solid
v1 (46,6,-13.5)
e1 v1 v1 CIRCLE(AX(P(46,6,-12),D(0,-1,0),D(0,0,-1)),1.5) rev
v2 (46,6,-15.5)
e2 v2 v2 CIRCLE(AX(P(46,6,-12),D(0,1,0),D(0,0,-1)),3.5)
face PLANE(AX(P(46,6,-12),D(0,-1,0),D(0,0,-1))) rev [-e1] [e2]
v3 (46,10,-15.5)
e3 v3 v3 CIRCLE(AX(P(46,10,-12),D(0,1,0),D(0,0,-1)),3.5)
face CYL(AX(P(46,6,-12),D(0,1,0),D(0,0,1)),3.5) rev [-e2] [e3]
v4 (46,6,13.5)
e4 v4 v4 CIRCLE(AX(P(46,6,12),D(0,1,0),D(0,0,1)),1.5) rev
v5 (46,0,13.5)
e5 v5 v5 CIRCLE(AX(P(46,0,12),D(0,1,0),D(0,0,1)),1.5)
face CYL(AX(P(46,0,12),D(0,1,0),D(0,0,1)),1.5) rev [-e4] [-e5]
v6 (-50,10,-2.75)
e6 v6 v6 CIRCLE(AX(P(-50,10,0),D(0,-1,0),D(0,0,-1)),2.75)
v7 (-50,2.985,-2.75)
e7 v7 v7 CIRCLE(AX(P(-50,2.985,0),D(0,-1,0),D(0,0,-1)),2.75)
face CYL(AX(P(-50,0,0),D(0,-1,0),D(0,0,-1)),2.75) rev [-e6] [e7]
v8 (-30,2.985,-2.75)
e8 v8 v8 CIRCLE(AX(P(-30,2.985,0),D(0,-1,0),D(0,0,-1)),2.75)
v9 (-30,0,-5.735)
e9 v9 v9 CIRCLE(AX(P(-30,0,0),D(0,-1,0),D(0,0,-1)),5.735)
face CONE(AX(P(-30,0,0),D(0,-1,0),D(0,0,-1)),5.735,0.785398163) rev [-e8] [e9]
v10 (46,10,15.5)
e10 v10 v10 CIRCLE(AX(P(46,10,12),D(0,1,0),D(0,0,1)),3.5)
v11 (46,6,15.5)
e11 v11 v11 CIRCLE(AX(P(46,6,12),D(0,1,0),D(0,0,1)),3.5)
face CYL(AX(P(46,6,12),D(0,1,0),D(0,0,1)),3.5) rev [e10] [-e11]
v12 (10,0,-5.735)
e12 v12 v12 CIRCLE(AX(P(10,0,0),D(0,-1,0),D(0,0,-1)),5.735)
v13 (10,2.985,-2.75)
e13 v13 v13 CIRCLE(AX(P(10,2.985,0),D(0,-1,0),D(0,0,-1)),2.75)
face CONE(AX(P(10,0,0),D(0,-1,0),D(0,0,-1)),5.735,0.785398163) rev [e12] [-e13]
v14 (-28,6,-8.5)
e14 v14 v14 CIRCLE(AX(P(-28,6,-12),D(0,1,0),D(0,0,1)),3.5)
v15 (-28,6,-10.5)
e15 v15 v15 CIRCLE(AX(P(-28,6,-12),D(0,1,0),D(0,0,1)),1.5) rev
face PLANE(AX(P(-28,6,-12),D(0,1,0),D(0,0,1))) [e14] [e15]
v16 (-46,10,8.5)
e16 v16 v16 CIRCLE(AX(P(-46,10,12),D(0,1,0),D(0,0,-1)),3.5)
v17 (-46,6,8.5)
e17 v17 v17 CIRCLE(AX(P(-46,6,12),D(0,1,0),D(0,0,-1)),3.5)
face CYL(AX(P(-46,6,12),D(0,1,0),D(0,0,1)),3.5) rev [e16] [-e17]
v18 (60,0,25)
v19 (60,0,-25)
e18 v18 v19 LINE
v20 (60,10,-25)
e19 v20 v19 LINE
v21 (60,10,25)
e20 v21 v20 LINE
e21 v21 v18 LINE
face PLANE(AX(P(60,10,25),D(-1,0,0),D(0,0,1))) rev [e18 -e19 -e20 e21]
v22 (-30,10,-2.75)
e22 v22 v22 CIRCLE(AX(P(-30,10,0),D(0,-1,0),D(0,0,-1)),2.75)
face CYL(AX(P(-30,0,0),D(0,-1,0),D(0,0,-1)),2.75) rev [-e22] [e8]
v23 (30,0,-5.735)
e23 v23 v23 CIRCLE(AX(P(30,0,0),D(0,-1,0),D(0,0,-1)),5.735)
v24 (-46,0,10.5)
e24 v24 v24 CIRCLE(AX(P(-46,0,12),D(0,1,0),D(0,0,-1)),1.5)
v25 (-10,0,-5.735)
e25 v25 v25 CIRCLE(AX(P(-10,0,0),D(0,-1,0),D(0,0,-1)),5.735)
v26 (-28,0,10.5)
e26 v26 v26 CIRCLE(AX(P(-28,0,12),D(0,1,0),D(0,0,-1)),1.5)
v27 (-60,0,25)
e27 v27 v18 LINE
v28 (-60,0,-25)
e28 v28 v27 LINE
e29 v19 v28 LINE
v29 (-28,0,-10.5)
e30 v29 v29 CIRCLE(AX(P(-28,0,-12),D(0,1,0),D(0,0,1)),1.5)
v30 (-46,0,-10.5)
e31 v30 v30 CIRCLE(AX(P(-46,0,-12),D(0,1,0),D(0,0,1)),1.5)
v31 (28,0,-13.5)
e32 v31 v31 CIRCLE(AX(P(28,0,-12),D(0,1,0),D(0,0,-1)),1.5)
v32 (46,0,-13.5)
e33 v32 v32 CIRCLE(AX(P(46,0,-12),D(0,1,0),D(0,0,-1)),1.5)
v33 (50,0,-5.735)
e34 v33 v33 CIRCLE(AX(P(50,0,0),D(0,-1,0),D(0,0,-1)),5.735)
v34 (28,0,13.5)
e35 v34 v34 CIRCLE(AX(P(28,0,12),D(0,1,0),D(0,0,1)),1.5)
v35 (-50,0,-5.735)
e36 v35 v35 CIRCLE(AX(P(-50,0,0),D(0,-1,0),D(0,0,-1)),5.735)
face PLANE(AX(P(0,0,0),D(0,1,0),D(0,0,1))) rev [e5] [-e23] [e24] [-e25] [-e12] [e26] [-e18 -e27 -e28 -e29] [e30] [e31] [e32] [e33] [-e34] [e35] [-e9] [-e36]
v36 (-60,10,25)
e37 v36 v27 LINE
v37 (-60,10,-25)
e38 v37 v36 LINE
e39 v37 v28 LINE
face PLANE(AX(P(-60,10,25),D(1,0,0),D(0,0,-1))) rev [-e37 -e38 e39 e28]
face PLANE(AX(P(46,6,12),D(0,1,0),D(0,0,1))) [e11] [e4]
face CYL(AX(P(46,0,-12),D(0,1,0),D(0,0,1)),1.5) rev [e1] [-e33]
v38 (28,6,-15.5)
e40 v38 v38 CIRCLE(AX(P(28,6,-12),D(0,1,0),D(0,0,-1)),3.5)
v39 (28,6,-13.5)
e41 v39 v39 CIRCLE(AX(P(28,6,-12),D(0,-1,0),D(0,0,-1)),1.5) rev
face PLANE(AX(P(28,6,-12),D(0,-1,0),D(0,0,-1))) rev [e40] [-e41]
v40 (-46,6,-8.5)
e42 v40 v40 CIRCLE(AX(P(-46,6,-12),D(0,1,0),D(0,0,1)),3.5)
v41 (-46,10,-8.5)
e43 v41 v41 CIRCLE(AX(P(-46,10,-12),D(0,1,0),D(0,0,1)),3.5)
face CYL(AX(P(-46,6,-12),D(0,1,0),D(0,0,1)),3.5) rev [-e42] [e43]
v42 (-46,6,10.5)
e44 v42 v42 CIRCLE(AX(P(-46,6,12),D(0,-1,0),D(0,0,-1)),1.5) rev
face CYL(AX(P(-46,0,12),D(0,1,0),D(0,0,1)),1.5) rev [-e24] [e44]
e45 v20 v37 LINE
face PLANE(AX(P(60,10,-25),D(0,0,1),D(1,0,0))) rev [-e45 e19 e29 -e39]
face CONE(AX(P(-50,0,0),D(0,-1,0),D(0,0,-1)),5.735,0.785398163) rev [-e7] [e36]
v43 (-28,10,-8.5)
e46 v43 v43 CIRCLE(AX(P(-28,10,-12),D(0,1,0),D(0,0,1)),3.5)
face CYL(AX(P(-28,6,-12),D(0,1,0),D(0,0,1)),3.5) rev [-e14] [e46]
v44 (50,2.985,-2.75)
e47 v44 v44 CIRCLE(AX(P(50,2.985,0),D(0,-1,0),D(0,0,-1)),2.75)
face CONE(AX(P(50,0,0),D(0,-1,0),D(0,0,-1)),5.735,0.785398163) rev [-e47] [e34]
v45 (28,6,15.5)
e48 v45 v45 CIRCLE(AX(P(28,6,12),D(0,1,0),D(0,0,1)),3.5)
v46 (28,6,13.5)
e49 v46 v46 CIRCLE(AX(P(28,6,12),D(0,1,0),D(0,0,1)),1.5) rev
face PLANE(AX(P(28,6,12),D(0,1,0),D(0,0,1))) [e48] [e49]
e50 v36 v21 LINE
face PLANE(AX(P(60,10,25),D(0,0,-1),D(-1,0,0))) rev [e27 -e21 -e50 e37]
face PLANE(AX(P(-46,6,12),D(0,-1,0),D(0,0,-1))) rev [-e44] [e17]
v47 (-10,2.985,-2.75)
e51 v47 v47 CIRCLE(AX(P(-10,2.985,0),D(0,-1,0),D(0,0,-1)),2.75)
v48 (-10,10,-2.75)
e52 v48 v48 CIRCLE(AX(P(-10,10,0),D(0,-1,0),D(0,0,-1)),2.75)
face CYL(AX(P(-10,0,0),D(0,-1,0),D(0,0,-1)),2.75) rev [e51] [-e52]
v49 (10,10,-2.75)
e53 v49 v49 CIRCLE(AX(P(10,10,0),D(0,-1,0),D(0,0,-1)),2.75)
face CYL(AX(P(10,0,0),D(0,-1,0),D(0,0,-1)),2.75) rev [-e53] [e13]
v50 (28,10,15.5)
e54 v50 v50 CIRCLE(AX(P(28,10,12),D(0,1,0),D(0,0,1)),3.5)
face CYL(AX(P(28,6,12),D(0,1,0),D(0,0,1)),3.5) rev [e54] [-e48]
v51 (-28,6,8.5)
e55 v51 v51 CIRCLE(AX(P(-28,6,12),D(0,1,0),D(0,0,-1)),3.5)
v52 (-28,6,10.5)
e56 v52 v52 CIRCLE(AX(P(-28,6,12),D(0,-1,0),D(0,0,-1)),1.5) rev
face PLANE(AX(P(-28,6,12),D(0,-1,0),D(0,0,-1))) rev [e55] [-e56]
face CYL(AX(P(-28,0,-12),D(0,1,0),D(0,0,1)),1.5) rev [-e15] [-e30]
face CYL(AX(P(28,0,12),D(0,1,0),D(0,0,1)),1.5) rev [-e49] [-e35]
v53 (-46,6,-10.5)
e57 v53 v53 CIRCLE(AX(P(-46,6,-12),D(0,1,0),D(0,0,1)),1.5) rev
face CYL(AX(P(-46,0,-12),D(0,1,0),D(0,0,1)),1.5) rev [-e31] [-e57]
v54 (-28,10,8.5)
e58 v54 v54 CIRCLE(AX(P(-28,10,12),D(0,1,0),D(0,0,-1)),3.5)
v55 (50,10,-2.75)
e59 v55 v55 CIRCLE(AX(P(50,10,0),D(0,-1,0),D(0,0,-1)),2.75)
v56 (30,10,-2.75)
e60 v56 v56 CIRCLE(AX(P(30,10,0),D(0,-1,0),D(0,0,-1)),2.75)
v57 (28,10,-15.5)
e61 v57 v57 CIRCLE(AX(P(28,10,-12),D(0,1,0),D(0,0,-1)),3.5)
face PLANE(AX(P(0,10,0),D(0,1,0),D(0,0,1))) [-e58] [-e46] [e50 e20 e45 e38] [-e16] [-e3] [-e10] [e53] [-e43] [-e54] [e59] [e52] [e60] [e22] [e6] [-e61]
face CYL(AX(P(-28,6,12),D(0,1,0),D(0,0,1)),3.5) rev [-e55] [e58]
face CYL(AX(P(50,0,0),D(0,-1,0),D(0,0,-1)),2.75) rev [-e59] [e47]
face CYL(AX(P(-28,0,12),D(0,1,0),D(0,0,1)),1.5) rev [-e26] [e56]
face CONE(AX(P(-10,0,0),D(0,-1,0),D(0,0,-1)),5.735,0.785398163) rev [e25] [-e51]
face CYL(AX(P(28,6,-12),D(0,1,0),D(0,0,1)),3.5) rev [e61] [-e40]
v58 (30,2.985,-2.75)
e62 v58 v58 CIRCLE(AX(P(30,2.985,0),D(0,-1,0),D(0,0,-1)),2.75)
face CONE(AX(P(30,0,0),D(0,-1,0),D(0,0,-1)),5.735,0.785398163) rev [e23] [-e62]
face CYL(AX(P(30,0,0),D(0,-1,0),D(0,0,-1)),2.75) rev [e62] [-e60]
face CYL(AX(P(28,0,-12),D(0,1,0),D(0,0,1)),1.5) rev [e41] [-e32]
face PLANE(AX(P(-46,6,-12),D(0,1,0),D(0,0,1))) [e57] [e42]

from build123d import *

# Parameters (mm, degrees)
SKETCH1_W                                            = 120
SKETCH1_H                                            = 50
MAIN_DEPTH                                           = 10
SKETCH2_R                                            = 1.5
LINEAR_BEARING_MOUNT_DEPTH                           = 11
SKETCH5_R                                            = 3.5
LINEAR_BEARING_COUNTERSINK_DEPTH                     = 4
SKETCH6_R                                            = 2.5
CUT_EXTRUDE1_DEPTH                                   = 11
CSK_FOR_M5_SOCKET_COUNTERSUNK_HEAD_SCREW_D           = 5.5
CSK_FOR_M5_SOCKET_COUNTERSUNK_HEAD_SCREW_DEPTH       = 10
CSK_FOR_M5_SOCKET_COUNTERSUNK_HEAD_SCREW_CSINK_D     = 11.47
CSK_FOR_M5_SOCKET_COUNTERSUNK_HEAD_SCREW_CSINK_ANGLE = 90
CSK_FOR_M5_SOCKET_COUNTERSUNK_HEAD_SCREW_TIP         = 1.652366702


with BuildPart() as part:
    # Sketch1 → main (new body)
    with BuildSketch(Plane(origin=(0, 0, 0), x_dir=(1, 0, 0), z_dir=(0, 1, 0))):
        Rectangle(SKETCH1_W, SKETCH1_H)
    extrude(amount=MAIN_DEPTH)

    # Sketch2 → linear_bearing_mount (cut, through all)
    with BuildSketch(Plane(origin=(0, 10, 0), x_dir=(1, 0, 0), z_dir=(0, 1, 0))):
        with Locations((-28, -12)):
            Circle(SKETCH2_R)
        with Locations((-46, -12)):
            Circle(SKETCH2_R)
        with Locations((28, -12)):
            Circle(SKETCH2_R)
        with Locations((46, -12)):
            Circle(SKETCH2_R)
        with Locations((46, 12)):
            Circle(SKETCH2_R)
        with Locations((28, 12)):
            Circle(SKETCH2_R)
        with Locations((-46, 12)):
            Circle(SKETCH2_R)
        with Locations((-28, 12)):
            Circle(SKETCH2_R)
    extrude(amount=-LINEAR_BEARING_MOUNT_DEPTH, mode=Mode.SUBTRACT)

    # Sketch5 → linear_bearing_countersink (cut)
    with BuildSketch(Plane(origin=(0, 10, 0), x_dir=(1, 0, 0), z_dir=(0, 1, 0))):
        with Locations((-46, 12)):
            Circle(SKETCH5_R)
        with Locations((-28, 12)):
            Circle(SKETCH5_R)
        with Locations((-28, -12)):
            Circle(SKETCH5_R)
        with Locations((-46, -12)):
            Circle(SKETCH5_R)
        with Locations((46, -12)):
            Circle(SKETCH5_R)
        with Locations((28, -12)):
            Circle(SKETCH5_R)
        with Locations((28, 12)):
            Circle(SKETCH5_R)
        with Locations((46, 12)):
            Circle(SKETCH5_R)
    extrude(amount=-LINEAR_BEARING_COUNTERSINK_DEPTH, mode=Mode.SUBTRACT)

    # Sketch6 → Cut-Extrude1 (cut, through all)
    with BuildSketch(Plane.XZ):
        with Locations((-50, 0)):
            Circle(SKETCH6_R)
        with Locations((-30, 0)):
            Circle(SKETCH6_R)
        with Locations((-10, 0)):
            Circle(SKETCH6_R)
        with Locations((10, 0)):
            Circle(SKETCH6_R)
        with Locations((30, 0)):
            Circle(SKETCH6_R)
        with Locations((50, 0)):
            Circle(SKETCH6_R)
    extrude(amount=-CUT_EXTRUDE1_DEPTH, mode=Mode.SUBTRACT)

    # CSK for M5 socket countersunk head screw1
    with Locations(Plane(origin=(0, 0, 0), x_dir=(-1, 0, 0), z_dir=(0, -1, 0))):
        with Locations((-50, 0), (-30, 0), (-10, 0), (10, 0), (30, 0), (50, 0)):
            CounterSinkHole(CSK_FOR_M5_SOCKET_COUNTERSUNK_HEAD_SCREW_D / 2, CSK_FOR_M5_SOCKET_COUNTERSUNK_HEAD_SCREW_CSINK_D / 2, depth=CSK_FOR_M5_SOCKET_COUNTERSUNK_HEAD_SCREW_DEPTH, counter_sink_angle=CSK_FOR_M5_SOCKET_COUNTERSUNK_HEAD_SCREW_CSINK_ANGLE)
            with Locations((0, 0, -(CSK_FOR_M5_SOCKET_COUNTERSUNK_HEAD_SCREW_DEPTH + CSK_FOR_M5_SOCKET_COUNTERSUNK_HEAD_SCREW_TIP / 2))):  # 118° drill point
                Cone(0, CSK_FOR_M5_SOCKET_COUNTERSUNK_HEAD_SCREW_D / 2, CSK_FOR_M5_SOCKET_COUNTERSUNK_HEAD_SCREW_TIP, mode=Mode.SUBTRACT)


solid = part.part
